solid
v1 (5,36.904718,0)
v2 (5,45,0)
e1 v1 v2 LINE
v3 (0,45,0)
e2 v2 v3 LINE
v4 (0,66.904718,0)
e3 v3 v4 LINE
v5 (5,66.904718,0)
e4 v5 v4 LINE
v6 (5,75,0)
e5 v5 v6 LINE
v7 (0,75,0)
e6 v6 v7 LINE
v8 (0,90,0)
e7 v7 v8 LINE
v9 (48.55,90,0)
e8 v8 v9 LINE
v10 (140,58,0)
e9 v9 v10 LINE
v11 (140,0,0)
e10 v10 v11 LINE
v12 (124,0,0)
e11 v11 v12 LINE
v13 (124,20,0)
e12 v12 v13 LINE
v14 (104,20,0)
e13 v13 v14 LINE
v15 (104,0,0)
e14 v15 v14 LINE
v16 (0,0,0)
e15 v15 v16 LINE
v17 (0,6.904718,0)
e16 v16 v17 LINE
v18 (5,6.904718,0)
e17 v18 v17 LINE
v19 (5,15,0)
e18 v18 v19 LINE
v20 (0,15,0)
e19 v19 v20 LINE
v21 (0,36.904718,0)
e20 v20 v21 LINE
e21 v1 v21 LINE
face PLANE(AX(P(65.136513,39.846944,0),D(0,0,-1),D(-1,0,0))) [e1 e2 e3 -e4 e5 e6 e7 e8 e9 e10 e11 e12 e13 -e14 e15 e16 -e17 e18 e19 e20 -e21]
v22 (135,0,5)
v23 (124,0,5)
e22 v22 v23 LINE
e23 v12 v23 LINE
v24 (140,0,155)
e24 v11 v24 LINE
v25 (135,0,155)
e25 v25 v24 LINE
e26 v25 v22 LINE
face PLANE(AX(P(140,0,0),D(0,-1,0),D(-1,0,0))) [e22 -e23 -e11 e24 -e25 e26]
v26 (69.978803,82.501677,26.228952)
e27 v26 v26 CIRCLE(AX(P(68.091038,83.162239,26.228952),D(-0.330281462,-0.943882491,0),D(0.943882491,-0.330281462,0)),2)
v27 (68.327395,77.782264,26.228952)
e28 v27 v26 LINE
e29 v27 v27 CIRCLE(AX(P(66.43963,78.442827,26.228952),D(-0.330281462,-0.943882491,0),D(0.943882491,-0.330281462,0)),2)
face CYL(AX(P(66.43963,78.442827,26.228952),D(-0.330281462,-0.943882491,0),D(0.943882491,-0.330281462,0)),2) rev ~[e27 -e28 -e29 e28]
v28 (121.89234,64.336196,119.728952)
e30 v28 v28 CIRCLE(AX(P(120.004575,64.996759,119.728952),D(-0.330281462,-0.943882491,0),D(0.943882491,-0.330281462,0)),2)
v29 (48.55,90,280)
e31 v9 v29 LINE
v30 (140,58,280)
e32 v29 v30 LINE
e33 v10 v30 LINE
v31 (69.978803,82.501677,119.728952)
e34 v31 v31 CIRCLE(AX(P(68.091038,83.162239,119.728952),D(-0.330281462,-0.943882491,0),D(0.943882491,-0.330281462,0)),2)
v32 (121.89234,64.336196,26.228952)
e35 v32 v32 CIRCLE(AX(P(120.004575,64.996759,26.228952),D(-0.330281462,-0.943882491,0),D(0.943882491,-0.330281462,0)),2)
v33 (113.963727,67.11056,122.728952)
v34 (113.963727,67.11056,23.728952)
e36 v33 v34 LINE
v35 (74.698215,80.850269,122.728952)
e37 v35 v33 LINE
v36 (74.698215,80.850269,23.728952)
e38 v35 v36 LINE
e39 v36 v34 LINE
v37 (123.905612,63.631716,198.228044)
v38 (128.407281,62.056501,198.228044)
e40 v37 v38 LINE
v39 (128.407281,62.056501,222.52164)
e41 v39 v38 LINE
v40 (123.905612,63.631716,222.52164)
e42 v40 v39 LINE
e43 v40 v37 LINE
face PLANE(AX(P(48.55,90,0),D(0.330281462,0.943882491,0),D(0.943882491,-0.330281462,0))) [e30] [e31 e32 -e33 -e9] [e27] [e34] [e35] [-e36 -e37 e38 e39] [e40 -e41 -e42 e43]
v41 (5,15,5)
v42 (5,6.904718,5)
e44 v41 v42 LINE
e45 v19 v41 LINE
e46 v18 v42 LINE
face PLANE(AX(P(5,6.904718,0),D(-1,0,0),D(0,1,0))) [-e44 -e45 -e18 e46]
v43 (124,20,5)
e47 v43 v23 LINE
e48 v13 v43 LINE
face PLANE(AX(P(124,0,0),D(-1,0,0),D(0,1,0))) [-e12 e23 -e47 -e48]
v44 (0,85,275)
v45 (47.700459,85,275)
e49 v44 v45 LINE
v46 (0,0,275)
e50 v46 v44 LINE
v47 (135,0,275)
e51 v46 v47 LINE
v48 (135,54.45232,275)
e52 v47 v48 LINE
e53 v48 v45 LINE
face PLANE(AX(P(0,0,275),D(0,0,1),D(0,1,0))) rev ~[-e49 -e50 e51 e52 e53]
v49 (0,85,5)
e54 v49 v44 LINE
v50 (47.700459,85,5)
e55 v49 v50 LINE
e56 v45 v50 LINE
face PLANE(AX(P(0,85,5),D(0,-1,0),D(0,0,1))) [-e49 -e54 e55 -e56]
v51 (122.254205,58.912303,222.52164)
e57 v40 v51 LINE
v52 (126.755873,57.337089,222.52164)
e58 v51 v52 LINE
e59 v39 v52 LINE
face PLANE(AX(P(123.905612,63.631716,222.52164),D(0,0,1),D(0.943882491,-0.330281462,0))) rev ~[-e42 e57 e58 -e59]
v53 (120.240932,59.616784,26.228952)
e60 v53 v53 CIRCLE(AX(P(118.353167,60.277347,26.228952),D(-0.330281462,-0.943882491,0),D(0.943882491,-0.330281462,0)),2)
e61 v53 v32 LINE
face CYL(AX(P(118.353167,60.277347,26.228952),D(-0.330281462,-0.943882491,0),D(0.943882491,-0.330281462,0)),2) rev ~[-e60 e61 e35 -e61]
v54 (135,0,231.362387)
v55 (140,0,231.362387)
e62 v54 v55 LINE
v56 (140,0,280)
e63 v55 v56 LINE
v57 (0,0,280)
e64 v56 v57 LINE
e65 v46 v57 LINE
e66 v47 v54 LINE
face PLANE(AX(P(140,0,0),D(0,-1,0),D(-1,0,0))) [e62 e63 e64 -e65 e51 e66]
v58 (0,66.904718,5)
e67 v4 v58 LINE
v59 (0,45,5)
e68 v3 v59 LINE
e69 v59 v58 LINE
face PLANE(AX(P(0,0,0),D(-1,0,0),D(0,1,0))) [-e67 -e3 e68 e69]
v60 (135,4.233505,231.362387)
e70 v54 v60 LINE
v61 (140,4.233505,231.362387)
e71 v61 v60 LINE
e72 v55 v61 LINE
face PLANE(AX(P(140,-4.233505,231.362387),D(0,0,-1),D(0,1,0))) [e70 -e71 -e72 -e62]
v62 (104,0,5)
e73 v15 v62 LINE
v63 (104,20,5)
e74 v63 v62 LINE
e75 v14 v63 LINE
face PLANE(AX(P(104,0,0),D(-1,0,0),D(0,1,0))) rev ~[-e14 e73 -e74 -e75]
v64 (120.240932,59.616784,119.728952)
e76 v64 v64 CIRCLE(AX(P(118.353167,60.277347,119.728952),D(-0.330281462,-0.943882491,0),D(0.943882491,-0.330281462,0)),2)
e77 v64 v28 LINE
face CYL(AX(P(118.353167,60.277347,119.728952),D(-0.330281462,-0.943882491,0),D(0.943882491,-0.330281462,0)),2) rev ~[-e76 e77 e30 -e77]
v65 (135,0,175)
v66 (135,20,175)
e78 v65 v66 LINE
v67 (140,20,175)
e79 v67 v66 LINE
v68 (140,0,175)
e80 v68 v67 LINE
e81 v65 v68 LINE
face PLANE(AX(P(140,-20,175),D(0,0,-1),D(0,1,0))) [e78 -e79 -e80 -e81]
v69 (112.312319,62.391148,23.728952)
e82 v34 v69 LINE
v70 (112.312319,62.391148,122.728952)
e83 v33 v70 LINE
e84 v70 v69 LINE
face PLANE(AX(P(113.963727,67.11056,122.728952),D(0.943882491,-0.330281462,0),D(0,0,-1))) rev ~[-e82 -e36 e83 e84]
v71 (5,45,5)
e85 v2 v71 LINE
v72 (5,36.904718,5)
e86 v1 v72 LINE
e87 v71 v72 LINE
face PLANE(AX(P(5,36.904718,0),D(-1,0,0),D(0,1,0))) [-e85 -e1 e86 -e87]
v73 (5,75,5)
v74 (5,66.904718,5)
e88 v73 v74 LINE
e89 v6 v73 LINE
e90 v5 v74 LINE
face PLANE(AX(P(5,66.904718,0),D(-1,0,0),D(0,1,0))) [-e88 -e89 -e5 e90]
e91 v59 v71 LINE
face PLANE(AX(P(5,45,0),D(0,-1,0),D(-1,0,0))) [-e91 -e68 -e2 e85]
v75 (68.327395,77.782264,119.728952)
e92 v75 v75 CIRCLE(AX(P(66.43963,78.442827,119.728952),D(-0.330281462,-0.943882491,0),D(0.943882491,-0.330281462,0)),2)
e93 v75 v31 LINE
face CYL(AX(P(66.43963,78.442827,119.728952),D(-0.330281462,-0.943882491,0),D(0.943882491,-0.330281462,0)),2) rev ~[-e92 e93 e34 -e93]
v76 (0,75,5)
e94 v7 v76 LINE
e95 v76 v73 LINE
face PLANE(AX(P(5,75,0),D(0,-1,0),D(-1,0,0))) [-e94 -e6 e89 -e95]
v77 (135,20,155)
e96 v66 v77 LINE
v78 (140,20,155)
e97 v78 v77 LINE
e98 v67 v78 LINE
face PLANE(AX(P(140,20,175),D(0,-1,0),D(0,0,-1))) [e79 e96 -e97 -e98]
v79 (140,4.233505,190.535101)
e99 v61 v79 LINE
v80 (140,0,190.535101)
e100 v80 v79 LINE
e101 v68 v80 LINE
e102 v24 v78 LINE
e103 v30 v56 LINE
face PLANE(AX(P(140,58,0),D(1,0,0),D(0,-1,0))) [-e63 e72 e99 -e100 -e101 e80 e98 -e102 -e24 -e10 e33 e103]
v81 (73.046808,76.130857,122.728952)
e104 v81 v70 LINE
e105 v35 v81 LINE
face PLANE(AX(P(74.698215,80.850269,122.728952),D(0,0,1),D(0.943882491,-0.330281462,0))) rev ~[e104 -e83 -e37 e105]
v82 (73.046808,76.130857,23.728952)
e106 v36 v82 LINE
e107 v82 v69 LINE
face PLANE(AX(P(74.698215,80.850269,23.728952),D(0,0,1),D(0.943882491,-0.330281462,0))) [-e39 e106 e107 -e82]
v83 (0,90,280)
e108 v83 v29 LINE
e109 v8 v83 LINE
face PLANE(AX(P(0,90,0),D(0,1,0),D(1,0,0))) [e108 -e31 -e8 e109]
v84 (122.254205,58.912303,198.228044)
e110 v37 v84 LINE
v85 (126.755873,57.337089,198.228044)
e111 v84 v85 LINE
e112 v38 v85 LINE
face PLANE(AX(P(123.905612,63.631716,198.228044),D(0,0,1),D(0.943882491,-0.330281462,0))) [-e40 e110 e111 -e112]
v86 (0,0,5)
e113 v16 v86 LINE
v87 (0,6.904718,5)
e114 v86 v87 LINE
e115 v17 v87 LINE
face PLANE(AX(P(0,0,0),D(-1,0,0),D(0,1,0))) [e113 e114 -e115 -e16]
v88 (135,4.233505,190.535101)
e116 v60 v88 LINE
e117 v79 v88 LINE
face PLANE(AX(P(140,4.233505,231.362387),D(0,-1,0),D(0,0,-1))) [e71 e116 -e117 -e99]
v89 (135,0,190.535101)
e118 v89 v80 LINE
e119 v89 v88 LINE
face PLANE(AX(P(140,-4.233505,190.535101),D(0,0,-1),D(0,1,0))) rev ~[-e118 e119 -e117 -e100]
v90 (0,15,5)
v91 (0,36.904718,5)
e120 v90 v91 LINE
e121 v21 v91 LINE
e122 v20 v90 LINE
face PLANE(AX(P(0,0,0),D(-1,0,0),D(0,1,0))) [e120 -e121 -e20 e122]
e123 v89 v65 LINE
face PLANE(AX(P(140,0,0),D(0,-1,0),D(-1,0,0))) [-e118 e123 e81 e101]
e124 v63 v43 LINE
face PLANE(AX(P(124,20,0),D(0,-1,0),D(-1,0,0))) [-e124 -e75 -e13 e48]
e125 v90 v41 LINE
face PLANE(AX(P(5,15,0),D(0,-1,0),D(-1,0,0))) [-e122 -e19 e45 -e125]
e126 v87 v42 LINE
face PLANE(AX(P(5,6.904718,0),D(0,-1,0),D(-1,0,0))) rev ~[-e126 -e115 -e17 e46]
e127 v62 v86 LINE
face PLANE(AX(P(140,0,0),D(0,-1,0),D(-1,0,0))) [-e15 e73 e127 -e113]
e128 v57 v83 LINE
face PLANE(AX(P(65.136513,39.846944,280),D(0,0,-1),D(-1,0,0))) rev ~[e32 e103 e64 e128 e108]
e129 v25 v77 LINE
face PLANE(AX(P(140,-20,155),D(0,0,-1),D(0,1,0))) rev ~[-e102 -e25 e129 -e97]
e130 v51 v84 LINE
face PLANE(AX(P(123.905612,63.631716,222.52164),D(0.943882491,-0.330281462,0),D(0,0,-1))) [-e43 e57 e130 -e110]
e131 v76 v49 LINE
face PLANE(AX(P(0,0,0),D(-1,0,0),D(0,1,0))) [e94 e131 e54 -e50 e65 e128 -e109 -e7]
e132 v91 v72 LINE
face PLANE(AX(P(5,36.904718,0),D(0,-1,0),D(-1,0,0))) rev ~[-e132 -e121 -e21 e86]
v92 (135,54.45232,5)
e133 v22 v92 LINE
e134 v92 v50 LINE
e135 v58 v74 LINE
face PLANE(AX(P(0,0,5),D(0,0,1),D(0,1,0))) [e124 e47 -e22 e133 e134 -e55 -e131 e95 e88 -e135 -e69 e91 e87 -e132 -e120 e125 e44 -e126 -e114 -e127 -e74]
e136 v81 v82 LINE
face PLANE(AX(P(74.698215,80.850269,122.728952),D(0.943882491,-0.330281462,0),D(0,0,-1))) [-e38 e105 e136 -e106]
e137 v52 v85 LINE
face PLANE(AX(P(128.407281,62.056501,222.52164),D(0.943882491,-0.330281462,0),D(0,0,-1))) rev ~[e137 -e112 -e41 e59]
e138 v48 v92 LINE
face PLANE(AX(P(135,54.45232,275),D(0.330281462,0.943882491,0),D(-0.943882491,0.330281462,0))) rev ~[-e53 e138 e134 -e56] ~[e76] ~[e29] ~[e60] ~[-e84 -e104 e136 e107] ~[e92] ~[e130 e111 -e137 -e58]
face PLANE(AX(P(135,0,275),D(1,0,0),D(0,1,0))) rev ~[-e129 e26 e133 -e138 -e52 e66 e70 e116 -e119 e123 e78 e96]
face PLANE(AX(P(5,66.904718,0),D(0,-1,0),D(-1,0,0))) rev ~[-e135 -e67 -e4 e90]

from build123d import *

# Parameters (mm, degrees)
BOSS_EXTRUDE1_DEPTH = 280
CUT_EXTRUDE1_DEPTH  = 270
SKETCH3_W           = 270
SKETCH3_H           = 85
CUT_EXTRUDE2_DEPTH  = 10
SKETCH5_W           = 20
SKETCH5_H           = 20
CUT_EXTRUDE3_DEPTH  = 10
SKETCH6_W           = 20
SKETCH6_H           = 40
CUT_EXTRUDE4_DEPTH  = 10
SKETCH7_W           = 40.827285369
SKETCH7_H           = 8.467009586
CUT_EXTRUDE5_DEPTH  = 10
SKETCH8_W           = 10
SKETCH8_H           = 8.095282404
CUT_EXTRUDE6_DEPTH  = 10
SKETCH9_W           = 41.6
SKETCH9_H           = 99
CUT_EXTRUDE7_DEPTH  = 10
SKETCH10_R          = 2
CUT_EXTRUDE8_DEPTH  = 10
SKETCH11_W          = 4.769310571
SKETCH11_H          = 24.293595375
CUT_EXTRUDE9_DEPTH  = 10


with BuildPart() as part:
    # Sketch1 → Boss-Extrude1 (new body)
    with BuildSketch(Plane.XY):
        Polygon((0, 0), (0, 90), (48.55, 90), (140, 58), (140, 0), align=None)
    extrude(amount=BOSS_EXTRUDE1_DEPTH)

    # Sketch2 → Cut-Extrude1 (cut)
    with BuildSketch(Plane.XY.offset(275)):
        Polygon((47.700459291, 85), (5, 85), (5, 0), (135, 0), (135, 54.452320364), align=None)
    extrude(amount=-CUT_EXTRUDE1_DEPTH, mode=Mode.SUBTRACT)

    # Sketch3 → Cut-Extrude2 (cut)
    with BuildSketch(Plane.ZY):
        with Locations((140, 42.5)):
            Rectangle(SKETCH3_W, SKETCH3_H)
    extrude(amount=-CUT_EXTRUDE2_DEPTH, mode=Mode.SUBTRACT)

    # Sketch5 → Cut-Extrude3 (cut)
    with BuildSketch(Plane(origin=(0, 0, 0), x_dir=(-1, 0, 0), z_dir=(0, 0, -1))):
        with Locations((-114, 10)):
            Rectangle(SKETCH5_W, SKETCH5_H)
    extrude(amount=-CUT_EXTRUDE3_DEPTH, mode=Mode.SUBTRACT)

    # Sketch6 → Cut-Extrude4 (cut)
    with BuildSketch(Plane(origin=(140, 0, 0), x_dir=(0, 0, -1), z_dir=(1, 0, 0))):
        with Locations((-165, 0)):
            Rectangle(SKETCH6_W, SKETCH6_H)
    extrude(amount=-CUT_EXTRUDE4_DEPTH, mode=Mode.SUBTRACT)

    # Sketch7 → Cut-Extrude5 (cut)
    with BuildSketch(Plane(origin=(140, 0, 0), x_dir=(0, 0, -1), z_dir=(1, 0, 0))):
        with Locations((-210.948744131, 0)):
            Rectangle(SKETCH7_W, SKETCH7_H)
    extrude(amount=-CUT_EXTRUDE5_DEPTH, mode=Mode.SUBTRACT)

    # Sketch8 → Cut-Extrude6 (cut)
    with BuildSketch(Plane(origin=(0, 0, 0), x_dir=(-1, 0, 0), z_dir=(0, 0, -1))):
        with Locations((0, 70.952358798)):
            Rectangle(SKETCH8_W, SKETCH8_H)
        with Locations((0, 40.952358798)):
            Rectangle(SKETCH8_W, SKETCH8_H)
        with Locations((0, 10.952358798)):
            Rectangle(SKETCH8_W, SKETCH8_H)
    extrude(amount=-CUT_EXTRUDE6_DEPTH, mode=Mode.SUBTRACT)

    # Sketch9 → Cut-Extrude7 (cut)
    with BuildSketch(Plane(origin=(33.353337731, 95.317585485, 0), x_dir=(0.9438824905069991, -0.3302814619598029, 0), z_dir=(0.3302814619598029, 0.9438824905069991, 0))):
        with Locations((64.602992172, -73.228951903)):
            Rectangle(SKETCH9_W, SKETCH9_H)
    extrude(amount=-CUT_EXTRUDE7_DEPTH, mode=Mode.SUBTRACT)

    # Sketch10 → Cut-Extrude8 (cut)
    with BuildSketch(Plane(origin=(31.701930421, 90.598173032, 0), x_dir=(0.9438824905069991, -0.330281461959803, 0), z_dir=(-0.330281461959803, -0.9438824905069991, 0))):
        with Locations((91.802992172, 26.228951903)):
            Circle(SKETCH10_R)
        with Locations((36.802992172, 26.228951903)):
            Circle(SKETCH10_R)
        with Locations((91.802992172, 119.728951903)):
            Circle(SKETCH10_R)
        with Locations((36.802992172, 119.728951903)):
            Circle(SKETCH10_R)
    extrude(amount=-CUT_EXTRUDE8_DEPTH, mode=Mode.SUBTRACT)

    # Sketch11 → Cut-Extrude9 (cut)
    with BuildSketch(Plane(origin=(33.353337731, 95.317585485, 0), x_dir=(0.9438824905069991, -0.3302814619598029, 0), z_dir=(0.3302814619598029, 0.9438824905069991, 0))):
        with Locations((98.320616835, -210.37484194)):
            Rectangle(SKETCH11_W, SKETCH11_H)
    extrude(amount=-CUT_EXTRUDE9_DEPTH, mode=Mode.SUBTRACT)


solid = part.part
